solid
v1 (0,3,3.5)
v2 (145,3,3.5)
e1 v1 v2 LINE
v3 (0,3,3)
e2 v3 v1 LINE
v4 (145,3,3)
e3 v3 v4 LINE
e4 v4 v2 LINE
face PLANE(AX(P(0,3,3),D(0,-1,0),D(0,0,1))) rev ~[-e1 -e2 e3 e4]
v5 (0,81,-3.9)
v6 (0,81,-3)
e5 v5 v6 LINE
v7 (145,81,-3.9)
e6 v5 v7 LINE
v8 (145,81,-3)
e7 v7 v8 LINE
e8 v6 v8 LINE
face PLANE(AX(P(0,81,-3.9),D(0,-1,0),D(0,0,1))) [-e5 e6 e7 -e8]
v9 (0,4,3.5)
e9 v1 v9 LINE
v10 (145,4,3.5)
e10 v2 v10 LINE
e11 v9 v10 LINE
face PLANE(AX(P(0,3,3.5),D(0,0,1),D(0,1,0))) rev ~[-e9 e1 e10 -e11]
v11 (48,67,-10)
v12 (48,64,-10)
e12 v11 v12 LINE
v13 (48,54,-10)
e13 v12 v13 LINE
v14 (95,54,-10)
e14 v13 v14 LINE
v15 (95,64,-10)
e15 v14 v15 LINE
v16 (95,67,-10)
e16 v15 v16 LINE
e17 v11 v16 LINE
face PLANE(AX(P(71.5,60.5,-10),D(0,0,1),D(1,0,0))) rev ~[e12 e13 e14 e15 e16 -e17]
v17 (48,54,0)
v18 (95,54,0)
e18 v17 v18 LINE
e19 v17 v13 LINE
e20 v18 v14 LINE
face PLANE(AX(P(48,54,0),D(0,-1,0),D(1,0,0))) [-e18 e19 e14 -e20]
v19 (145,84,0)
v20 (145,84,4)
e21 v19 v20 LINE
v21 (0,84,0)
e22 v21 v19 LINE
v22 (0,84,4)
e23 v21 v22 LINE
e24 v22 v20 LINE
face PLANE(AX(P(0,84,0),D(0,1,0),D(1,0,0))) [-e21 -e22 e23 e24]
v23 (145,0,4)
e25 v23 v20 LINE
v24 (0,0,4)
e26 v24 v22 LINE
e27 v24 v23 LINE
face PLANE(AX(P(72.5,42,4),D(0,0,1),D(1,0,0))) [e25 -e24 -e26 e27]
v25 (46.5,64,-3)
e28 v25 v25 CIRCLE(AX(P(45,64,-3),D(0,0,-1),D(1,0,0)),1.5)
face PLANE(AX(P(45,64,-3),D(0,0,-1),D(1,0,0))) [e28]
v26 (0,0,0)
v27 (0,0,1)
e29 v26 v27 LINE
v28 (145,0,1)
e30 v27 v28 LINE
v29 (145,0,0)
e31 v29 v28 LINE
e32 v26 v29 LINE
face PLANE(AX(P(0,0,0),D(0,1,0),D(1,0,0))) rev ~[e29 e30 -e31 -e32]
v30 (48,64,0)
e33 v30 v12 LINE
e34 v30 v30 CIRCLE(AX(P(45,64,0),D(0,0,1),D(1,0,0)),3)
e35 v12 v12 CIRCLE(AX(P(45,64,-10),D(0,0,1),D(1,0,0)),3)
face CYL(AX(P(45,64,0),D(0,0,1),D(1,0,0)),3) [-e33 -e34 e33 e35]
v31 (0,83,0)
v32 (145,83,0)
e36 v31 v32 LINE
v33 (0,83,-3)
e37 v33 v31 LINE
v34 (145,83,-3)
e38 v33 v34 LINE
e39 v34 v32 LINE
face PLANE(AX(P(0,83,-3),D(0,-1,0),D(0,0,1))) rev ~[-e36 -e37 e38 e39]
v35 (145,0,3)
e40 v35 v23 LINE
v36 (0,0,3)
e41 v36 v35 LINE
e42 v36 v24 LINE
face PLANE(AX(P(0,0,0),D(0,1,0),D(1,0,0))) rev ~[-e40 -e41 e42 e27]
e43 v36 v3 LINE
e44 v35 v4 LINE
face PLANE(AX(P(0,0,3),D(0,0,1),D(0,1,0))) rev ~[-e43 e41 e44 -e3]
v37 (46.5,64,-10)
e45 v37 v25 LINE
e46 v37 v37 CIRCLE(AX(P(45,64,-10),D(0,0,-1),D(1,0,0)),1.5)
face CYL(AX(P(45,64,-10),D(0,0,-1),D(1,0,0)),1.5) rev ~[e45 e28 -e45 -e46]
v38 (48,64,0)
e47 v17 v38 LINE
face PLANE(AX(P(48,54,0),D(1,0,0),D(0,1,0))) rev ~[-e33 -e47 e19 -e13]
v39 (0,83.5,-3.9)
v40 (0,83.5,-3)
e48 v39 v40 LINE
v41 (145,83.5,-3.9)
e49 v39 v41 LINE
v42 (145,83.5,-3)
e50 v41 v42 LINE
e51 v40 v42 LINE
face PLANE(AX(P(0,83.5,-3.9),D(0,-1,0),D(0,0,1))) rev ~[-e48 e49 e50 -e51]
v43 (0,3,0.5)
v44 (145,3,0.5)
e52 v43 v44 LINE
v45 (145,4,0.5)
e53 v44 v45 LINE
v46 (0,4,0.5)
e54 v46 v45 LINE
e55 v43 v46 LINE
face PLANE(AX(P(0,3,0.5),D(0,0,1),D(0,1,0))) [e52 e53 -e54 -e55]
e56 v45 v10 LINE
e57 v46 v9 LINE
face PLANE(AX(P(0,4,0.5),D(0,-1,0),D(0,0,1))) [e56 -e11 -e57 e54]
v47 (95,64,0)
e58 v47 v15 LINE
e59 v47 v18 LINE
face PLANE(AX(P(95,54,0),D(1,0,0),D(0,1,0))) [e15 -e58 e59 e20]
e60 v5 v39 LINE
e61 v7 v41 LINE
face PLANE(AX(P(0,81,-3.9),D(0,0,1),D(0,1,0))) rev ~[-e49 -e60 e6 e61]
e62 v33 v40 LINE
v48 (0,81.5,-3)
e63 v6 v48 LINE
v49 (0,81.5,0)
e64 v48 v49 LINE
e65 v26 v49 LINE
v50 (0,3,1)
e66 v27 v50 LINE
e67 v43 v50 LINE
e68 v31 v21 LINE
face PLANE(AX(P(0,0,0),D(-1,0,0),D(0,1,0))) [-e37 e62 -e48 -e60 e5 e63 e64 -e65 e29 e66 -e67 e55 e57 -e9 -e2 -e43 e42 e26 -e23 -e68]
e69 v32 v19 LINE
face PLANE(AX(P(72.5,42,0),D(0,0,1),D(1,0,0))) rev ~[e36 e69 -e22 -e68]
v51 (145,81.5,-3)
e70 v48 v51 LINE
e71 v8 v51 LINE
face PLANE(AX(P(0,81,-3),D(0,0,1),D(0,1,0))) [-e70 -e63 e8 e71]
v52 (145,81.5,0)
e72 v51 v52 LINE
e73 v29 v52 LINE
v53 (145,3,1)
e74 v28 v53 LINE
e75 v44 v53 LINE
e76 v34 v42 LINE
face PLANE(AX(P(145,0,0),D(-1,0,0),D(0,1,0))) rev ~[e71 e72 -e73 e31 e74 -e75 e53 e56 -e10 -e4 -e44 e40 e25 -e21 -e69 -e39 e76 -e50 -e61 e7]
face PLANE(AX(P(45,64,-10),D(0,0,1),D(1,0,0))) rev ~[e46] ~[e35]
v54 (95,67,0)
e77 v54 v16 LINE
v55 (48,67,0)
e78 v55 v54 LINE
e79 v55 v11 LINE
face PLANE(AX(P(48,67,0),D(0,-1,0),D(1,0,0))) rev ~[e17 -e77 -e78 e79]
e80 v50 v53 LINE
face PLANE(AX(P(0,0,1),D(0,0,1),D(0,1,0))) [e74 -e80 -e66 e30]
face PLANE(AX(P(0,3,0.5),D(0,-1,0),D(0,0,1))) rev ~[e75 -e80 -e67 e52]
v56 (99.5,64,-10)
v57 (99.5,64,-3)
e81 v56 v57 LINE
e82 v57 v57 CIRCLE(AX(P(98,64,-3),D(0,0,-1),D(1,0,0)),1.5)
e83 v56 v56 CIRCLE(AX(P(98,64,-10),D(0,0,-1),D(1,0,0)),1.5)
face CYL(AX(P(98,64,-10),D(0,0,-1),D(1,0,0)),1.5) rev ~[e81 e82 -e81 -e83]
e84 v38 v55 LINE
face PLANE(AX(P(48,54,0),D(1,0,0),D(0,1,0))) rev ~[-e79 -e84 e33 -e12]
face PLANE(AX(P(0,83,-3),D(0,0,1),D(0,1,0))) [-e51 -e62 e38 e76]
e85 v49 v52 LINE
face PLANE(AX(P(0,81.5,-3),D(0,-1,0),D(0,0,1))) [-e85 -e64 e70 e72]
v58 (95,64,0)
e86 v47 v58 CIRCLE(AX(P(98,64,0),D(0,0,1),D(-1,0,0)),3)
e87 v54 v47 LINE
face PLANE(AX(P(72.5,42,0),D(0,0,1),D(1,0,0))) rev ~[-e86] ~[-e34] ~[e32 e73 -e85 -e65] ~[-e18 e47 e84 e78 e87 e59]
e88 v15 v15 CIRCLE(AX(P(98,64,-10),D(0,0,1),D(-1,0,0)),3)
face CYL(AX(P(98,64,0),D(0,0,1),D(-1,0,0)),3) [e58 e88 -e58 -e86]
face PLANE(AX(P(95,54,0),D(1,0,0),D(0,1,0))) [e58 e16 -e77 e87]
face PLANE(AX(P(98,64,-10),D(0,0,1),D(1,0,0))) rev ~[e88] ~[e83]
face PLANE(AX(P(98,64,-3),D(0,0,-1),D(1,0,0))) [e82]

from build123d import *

# Parameters (mm, degrees)
SKETCH185_W     = 145
SKETCH185_H     = 84
PAD088_DEPTH    = 4
SKETCH186_W     = 1.5
SKETCH186_H     = 3
SKETCH186_W_2   = 2.5
SKETCH186_H_2   = 0.9
PAD089_DEPTH    = 145
SKETCH187_W     = 3
SKETCH187_H     = 2
SKETCH187_W_2   = 1
SKETCH187_H_2   = 3
POCKET109_DEPTH = 145
SKETCH188_R     = 3
SKETCH188_W     = 47
SKETCH188_H     = 13
PAD090_DEPTH    = 10
SKETCH189_R     = 1.5
POCKET110_DEPTH = 7


with BuildPart() as part:
    # Sketch185 → Pad088 (new body)
    with BuildSketch(Plane.XY):
        with Locations((72.5, 42)):
            Rectangle(SKETCH185_W, SKETCH185_H)
    extrude(amount=PAD088_DEPTH)

    # Sketch186 → Pad089 (join)
    with BuildSketch(Plane.YZ):
        with Locations((82.25, -1.5)):
            Rectangle(SKETCH186_W, SKETCH186_H)
        with Locations((82.25, -3.45)):
            Rectangle(SKETCH186_W_2, SKETCH186_H_2)
    extrude(amount=PAD089_DEPTH)

    # Sketch187 → Pocket109 (cut)
    with BuildSketch(Plane.YZ):
        with Locations((1.5, 2)):
            Rectangle(SKETCH187_W, SKETCH187_H)
        with Locations((3.5, 2)):
            Rectangle(SKETCH187_W_2, SKETCH187_H_2)
    extrude(amount=POCKET109_DEPTH, mode=Mode.SUBTRACT)

    # Sketch188 → Pad090 (join)
    with BuildSketch(Plane.XY):
        with Locations((98, 64)):
            Circle(SKETCH188_R)
        with Locations((45, 64)):
            Circle(SKETCH188_R)
        with Locations((71.5, 60.5)):
            Rectangle(SKETCH188_W, SKETCH188_H)
    extrude(amount=-PAD090_DEPTH)

    # Sketch189 (on Face1 of Pad090) → Pocket110 (cut)
    with BuildSketch(Plane(origin=(0, 0, -10), x_dir=(1, 0, 0), z_dir=(0, 0, -1))):
        with Locations((45, -64)):
            Circle(SKETCH189_R)
        with Locations((98, -64)):
            Circle(SKETCH189_R)
    extrude(amount=-POCKET110_DEPTH, mode=Mode.SUBTRACT)


solid = part.part
